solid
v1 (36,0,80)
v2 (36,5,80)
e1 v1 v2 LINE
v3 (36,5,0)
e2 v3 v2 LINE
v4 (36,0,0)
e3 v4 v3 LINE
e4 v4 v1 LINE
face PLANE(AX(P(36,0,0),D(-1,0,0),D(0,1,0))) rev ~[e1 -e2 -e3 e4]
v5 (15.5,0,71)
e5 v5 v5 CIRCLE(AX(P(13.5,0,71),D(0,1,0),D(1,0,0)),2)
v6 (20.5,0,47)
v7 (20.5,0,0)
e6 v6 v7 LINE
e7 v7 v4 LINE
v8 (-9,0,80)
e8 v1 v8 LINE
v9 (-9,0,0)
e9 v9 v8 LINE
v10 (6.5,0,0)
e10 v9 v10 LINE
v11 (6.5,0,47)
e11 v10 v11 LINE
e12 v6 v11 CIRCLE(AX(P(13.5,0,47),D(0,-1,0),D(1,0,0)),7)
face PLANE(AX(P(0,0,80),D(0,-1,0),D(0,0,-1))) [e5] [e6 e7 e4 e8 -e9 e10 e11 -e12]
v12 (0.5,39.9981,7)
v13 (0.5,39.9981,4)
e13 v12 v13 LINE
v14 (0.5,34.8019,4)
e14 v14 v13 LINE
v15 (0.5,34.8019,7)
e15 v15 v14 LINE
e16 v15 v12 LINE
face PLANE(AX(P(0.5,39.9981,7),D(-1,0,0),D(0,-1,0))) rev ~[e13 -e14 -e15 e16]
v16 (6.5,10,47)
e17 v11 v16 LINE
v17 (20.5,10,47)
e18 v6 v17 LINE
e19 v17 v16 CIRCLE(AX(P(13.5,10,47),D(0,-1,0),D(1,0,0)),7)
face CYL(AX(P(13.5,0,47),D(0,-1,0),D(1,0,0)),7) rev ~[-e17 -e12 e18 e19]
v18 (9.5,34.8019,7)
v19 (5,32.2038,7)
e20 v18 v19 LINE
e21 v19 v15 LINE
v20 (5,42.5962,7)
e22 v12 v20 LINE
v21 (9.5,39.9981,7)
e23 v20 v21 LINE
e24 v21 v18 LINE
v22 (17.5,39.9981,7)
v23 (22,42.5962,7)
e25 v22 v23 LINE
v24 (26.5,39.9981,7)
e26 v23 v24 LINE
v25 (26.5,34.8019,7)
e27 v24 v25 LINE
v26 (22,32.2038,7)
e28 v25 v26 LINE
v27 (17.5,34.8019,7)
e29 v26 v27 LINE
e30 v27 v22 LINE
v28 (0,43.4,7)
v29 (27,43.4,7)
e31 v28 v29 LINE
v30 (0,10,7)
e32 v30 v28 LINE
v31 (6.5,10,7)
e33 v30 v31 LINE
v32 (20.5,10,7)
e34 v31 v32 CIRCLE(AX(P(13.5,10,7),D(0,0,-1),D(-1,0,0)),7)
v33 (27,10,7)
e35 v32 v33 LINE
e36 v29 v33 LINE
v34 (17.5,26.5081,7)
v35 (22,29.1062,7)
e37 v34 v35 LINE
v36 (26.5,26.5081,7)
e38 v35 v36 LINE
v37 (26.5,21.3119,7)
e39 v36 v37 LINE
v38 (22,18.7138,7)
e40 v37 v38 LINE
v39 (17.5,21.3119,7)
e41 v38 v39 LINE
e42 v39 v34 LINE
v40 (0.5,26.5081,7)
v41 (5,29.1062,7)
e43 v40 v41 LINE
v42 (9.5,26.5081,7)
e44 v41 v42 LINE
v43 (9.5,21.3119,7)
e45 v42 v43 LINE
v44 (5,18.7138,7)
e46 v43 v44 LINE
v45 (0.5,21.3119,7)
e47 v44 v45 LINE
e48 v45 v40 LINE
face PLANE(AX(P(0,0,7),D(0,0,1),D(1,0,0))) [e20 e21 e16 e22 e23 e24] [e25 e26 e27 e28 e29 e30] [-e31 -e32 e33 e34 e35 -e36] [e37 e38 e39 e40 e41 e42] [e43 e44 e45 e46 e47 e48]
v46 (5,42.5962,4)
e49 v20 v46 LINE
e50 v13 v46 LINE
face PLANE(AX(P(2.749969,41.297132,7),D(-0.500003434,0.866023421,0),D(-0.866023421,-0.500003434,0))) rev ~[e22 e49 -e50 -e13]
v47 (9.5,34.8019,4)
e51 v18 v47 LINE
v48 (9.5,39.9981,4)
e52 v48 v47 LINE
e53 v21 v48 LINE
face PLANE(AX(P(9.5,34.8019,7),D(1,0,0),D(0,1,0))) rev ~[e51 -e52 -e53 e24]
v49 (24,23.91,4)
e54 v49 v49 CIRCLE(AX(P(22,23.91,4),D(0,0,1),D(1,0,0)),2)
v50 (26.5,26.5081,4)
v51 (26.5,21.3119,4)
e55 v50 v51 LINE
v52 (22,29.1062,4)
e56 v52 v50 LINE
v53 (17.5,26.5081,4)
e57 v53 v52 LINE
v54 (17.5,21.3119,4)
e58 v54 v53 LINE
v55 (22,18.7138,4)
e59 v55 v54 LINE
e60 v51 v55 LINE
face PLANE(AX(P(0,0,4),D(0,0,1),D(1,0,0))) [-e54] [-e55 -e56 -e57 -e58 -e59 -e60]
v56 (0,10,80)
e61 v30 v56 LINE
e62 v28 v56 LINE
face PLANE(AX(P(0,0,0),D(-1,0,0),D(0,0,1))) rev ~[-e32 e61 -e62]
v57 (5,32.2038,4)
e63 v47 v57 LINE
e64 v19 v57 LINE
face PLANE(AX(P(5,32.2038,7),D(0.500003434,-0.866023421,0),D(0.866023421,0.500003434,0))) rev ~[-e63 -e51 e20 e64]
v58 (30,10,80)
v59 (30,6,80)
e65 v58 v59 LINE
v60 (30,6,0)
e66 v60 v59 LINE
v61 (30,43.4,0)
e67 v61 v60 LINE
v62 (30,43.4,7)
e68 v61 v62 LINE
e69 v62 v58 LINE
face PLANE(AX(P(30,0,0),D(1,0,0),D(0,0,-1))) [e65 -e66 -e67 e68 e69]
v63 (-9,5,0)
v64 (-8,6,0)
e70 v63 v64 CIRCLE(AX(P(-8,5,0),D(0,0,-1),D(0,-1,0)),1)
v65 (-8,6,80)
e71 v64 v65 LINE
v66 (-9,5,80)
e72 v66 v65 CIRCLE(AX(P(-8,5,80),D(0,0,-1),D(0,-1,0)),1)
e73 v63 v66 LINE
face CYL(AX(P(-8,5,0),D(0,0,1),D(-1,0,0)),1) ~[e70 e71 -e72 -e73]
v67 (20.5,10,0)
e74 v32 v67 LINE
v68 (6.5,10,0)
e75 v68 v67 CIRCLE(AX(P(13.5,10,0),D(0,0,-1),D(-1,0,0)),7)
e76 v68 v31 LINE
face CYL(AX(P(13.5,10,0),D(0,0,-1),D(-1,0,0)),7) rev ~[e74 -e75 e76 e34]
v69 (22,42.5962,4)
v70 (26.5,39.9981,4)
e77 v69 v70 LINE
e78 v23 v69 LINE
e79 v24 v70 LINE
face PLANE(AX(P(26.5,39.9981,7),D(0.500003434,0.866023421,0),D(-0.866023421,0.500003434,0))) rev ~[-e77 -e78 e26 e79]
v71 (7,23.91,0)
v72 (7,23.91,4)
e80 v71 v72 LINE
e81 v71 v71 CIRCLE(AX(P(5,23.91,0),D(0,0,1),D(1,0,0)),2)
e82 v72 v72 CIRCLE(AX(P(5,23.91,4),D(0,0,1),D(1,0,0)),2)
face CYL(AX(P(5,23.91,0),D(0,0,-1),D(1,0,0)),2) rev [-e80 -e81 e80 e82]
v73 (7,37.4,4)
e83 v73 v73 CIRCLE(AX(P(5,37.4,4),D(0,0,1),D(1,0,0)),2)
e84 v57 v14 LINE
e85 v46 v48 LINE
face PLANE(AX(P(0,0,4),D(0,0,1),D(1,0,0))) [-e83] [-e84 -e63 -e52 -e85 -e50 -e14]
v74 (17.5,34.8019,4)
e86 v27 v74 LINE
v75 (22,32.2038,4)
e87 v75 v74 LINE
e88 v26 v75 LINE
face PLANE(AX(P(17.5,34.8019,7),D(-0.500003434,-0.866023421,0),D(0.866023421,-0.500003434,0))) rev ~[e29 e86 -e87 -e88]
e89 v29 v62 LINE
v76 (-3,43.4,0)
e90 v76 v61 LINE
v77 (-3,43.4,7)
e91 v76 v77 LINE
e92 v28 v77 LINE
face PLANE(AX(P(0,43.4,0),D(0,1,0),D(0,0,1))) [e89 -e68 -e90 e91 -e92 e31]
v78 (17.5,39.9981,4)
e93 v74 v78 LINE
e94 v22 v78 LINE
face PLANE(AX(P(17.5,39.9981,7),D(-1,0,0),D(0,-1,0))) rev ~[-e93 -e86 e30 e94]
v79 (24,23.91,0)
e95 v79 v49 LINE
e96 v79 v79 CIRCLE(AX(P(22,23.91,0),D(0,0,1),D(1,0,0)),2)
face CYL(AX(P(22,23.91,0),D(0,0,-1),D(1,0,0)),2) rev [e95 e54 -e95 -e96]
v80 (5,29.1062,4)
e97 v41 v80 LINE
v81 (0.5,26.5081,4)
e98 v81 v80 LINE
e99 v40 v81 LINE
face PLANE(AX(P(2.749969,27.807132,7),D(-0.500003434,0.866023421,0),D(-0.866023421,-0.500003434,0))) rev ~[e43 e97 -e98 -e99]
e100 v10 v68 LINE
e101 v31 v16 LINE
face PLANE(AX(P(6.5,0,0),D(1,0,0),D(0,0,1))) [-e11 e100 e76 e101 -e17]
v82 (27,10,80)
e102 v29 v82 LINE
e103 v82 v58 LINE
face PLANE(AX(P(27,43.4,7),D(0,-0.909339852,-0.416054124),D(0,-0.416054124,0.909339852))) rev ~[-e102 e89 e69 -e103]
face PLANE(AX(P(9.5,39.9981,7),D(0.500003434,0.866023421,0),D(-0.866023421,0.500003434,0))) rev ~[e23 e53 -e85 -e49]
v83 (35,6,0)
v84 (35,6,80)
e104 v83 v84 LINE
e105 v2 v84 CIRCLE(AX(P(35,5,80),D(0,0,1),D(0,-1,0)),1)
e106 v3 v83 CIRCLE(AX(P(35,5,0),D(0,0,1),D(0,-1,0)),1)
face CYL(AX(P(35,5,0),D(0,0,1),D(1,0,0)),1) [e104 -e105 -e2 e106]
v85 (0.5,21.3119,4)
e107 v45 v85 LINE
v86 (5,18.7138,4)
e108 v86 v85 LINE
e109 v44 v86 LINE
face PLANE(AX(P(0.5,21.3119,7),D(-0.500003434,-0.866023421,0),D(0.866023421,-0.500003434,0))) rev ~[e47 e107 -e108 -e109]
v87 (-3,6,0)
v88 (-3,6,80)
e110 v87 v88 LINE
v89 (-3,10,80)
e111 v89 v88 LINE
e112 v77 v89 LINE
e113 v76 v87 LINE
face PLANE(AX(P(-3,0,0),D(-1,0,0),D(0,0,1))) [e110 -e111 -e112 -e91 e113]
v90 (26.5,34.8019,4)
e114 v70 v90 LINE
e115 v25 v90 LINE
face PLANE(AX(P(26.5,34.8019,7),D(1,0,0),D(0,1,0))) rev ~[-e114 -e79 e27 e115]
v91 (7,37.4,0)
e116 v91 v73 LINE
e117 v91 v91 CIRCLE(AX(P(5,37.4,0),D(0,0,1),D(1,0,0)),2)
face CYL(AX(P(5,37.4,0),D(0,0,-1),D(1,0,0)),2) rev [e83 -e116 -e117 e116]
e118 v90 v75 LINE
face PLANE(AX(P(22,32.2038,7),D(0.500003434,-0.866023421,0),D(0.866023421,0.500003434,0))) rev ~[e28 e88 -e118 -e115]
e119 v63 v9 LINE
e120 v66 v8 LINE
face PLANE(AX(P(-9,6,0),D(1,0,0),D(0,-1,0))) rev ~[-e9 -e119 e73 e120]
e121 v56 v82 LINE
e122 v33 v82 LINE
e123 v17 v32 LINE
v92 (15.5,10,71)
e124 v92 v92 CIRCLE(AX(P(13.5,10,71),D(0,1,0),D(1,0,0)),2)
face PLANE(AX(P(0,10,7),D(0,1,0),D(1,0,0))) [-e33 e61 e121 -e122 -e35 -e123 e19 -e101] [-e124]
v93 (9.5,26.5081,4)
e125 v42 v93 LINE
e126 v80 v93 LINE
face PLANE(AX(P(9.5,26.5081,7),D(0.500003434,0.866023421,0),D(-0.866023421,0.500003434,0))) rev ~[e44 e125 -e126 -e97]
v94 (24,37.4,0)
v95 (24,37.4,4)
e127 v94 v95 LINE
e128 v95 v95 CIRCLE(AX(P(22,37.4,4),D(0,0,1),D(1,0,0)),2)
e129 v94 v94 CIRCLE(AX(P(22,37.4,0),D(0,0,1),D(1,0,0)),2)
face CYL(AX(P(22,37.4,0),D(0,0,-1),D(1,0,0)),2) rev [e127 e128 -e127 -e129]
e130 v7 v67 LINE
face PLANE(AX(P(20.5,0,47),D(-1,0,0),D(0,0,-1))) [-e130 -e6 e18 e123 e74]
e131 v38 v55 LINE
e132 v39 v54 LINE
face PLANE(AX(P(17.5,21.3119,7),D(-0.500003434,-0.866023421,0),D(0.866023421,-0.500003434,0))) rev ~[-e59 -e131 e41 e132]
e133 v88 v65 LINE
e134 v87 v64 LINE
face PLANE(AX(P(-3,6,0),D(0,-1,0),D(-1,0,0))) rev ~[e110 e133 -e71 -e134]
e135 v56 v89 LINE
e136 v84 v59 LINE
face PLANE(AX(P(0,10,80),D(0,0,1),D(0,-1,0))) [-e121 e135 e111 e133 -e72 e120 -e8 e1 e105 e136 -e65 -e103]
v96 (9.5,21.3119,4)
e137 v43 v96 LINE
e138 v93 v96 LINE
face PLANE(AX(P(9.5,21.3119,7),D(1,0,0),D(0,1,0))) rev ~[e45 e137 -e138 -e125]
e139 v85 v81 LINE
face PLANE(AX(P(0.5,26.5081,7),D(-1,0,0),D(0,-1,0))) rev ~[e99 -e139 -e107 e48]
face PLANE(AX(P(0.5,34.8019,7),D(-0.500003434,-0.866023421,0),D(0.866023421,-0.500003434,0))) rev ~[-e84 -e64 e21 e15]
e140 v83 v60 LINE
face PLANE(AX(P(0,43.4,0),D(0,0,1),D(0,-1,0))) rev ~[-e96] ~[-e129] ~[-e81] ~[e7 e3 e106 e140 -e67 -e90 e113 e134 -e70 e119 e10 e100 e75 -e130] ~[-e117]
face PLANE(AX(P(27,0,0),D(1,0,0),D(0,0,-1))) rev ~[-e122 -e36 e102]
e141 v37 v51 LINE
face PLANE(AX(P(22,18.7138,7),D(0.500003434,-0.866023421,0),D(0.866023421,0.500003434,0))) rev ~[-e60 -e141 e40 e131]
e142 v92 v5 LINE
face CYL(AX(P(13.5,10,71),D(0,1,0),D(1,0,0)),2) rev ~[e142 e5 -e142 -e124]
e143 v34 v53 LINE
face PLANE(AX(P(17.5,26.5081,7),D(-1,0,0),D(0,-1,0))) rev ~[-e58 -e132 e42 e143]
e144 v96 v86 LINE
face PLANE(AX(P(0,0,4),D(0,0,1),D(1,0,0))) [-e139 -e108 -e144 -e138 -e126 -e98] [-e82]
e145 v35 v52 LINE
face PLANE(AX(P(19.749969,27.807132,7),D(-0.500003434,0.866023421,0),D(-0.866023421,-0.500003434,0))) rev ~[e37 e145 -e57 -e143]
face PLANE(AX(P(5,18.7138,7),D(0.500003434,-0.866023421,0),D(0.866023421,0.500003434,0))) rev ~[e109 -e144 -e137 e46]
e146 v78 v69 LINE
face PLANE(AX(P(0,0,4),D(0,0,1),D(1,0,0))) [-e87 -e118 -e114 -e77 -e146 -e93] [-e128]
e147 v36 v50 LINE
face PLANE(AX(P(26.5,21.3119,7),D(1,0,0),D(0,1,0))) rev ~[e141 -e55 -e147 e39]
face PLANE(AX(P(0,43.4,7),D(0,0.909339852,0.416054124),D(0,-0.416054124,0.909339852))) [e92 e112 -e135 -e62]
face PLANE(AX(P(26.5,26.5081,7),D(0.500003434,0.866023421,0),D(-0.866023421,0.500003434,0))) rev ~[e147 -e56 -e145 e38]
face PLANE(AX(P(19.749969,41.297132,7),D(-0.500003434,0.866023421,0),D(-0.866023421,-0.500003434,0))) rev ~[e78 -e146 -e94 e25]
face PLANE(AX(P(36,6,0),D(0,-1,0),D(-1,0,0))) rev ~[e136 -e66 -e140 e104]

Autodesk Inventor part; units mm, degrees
ref_plane "YZ Plane" through (0, 0, 0) normal (1, 0, 0) x (0, 1, 0)
ref_plane "XZ Plane" through (0, 0, 0) normal (0, 1, 0) x (-1, 0, 0)
ref_plane "XY Plane" through (0, 0, 0) normal (0, 0, 1) x (1, 0, 0)
sketch "Sketch1" plane through (0, 0, 0) normal (0, 0, 1) x (1, 0, 0)
  line L0 (0, 43.4) -> (27, 43.4)
  line L1 (27, 43.4) -> (27, 0)
  line L2 (27, 0) -> (0, 0)
  line L3 (0, 0) -> (0, 43.4)
  circle A0 centre (5, 37.4) radius 2
  circle A1 centre (22, 37.4) radius 2
  circle A2 centre (5, 23.91) radius 2
  circle A3 centre (22, 23.91) radius 2
  dimension "d0" = 27
  dimension "d1" = 43.4
  dimension "d2" = 4
  dimension "d3" = 6
  dimension "d4" = 6
  dimension "d5" = 5
  dimension "d6" = 5
  dimension "d7" = 5
  dimension "d8" = 5
  dimension "d61" = 13.49
  dimension "d62" = 13.49
extrude "Extrusion1" add sketch "Sketch1" along normal blind 7
sketch "Sketch2" plane through (0, 0, 7) normal (0, 0, 1) x (1, 0, 0)
  line L0 (0, 10) -> (27, 10)
  line L1 (27, 10) -> (27, 0)
  line L2 (27, 0) -> (0, 0)
  line L3 (0, 0) -> (0, 10)
  line L4 (0, 0) -> (27, 0) projected
  line L5 (0, 43.4) -> (0, 0) projected
  line L6 (27, 0) -> (27, 43.4) projected
  dimension "d13" = 10
extrude "Extrusion2" add sketch "Sketch2" along normal blind 73
sketch "Sketch3" plane through (0, 0, 7) normal (0, 0, 1) x (1, 0, 0)
  line L0 (0.5, 39.9981) -> (0.5, 34.8019)
  line L1 (0.5, 34.8019) -> (5, 32.2038)
  line L2 (5, 32.2038) -> (9.5, 34.8019)
  line L3 (9.5, 34.8019) -> (9.5, 39.9981)
  line L4 (9.5, 39.9981) -> (5, 42.5962)
  line L5 (5, 42.5962) -> (0.5, 39.9981)
  circle A0 centre (5, 37.4) radius 4.5
  circle A1 centre (5, 37.4) radius 2 projected
  line L6 (17.5, 39.9981) -> (17.5, 34.8019)
  line L7 (17.5, 34.8019) -> (22, 32.2038)
  line L8 (22, 32.2038) -> (26.5, 34.8019)
  line L9 (26.5, 34.8019) -> (26.5, 39.9981)
  line L10 (26.5, 39.9981) -> (22, 42.5962)
  line L11 (22, 42.5962) -> (17.5, 39.9981)
  circle A2 centre (22, 37.4) radius 4.5
  line L12 (17.5, 26.5081) -> (17.5, 21.3119)
  line L13 (17.5, 21.3119) -> (22, 18.7138)
  line L14 (22, 18.7138) -> (26.5, 21.3119)
  line L15 (26.5, 21.3119) -> (26.5, 26.5081)
  line L16 (26.5, 26.5081) -> (22, 29.1062)
  line L17 (22, 29.1062) -> (17.5, 26.5081)
  circle A3 centre (22, 23.91) radius 4.5
  line L18 (0.5, 26.5081) -> (0.5, 21.3119)
  line L19 (0.5, 21.3119) -> (5, 18.7138)
  line L20 (5, 18.7138) -> (9.5, 21.3119)
  line L21 (9.5, 21.3119) -> (9.5, 26.5081)
  line L22 (9.5, 26.5081) -> (5, 29.1062)
  line L23 (5, 29.1062) -> (0.5, 26.5081)
  circle A4 centre (5, 23.91) radius 4.5
  circle A5 centre (22, 37.4) radius 2 projected
  circle A6 centre (22, 23.91) radius 2 projected
  circle A7 centre (5, 23.91) radius 2 projected
  point P0 (0, 0)
  dimension "d16" = 120
  dimension "d17" = 120
  dimension "d18" = 9
  dimension "d19" = 120
  dimension "d20" = 120
  dimension "d21" = 9
  dimension "d22" = 120
  dimension "d23" = 120
  dimension "d24" = 9
  dimension "d25" = 120
  dimension "d26" = 120
  dimension "d27" = 9
extrude "Extrusion3" cut sketch "Sketch3" against normal blind 3 contours L5 A0 L0 | A0 L1 L0 | A0 | L5 L4 A0 | A0 L2 L1 | L4 L3 A0 | A0 L3 L2 | A1 | L11 A2 L6 | A2 L7 L6 | A2 | L11 L10 A2 | A2 L8 L7 | L10 L9 A2 | A2 L9 L8 | L17 A3 L12 | A3 L13 L12 | A3 | L17 L16 A3 | A3 L14 L13 | L16 L15 A3 | A3 L15 L14 | L23 A4 L18 | A4 L19 L18 | A4 | L23 L22 A4 | A4 L20 L19 | L22 L21 A4 | A4 L21 L20 | A5 | A6 | A7
sketch "Sketch4" plane through (27, 0, 0) normal (1, 0, 0) x (0, 0, -1)
  line L0 (-80, 10) -> (-80, 0) projected
  line L1 (-7, 43.4) -> (-80, 10)
  line L2 (-80, 10) -> (-80, 0)
  line L3 (0, 43.4) -> (0, 0) projected
  line L4 (-80, 0) -> (0, 0)
  line L5 (0, 0) -> (0, 43.4)
  line L6 (0, 43.4) -> (-7, 43.4) projected
  line L7 (0, 43.4) -> (-7, 43.4)
extrude "Extrusion4" add sketch "Sketch4" along normal blind 3
sketch "Sketch5" plane through (0, 0, 0) normal (-1, 0, 0) x (0, 0, 1)
  line L0 (80, 0) -> (0, 0) projected
  line L1 (80, 10) -> (80, 0) projected
  line L2 (80, 0) -> (80, 10)
  line L3 (7, 43.4) -> (80, 10) projected
  line L4 (80, 10) -> (7, 43.4)
  line L5 (0, 43.4) -> (7, 43.4) projected
  line L6 (7, 43.4) -> (0, 43.4)
  line L7 (0, 43.4) -> (0, 0) projected
  line L8 (0, 43.4) -> (0, 0)
  line L9 (0, 0) -> (80, 0)
extrude "Extrusion5" add sketch "Sketch5" along normal blind 3
sketch "Sketch6" plane through (27, 10, 80) normal (0, 1, 0) x (1, 0, 0)
  circle A0 centre (-13.5, 9) radius 2
  line L0 (-27, 0) -> (-27, 73) projected
  line L1 (0, 0) -> (-27, 0) projected
  line L2 (-30, 80) -> (3, 80) projected
  point P0 (-27, 80)
  dimension "d34" = 4
  dimension "d35" = 13.5
  dimension "d45" = 71
extrude "Extrusion6" cut sketch "Sketch6" against normal blind 74
sketch "Sketch7" plane through (30, 0, 0) normal (0, -1, 0) x (1, 0, 0)
  line L0 (-9.5, 47) -> (-9.5, 0)
  line L1 (-9.5, 0) -> (-23.5, 0)
  line L2 (-23.5, 0) -> (-23.5, 47)
  line L3 (0, 80) -> (0, 0) projected
  line L4 (-33, 0) -> (-33, 80) projected
  line L5 (-33, 0) -> (0, 0) projected
  arc A0 (-9.5, 47) -> (-23.5, 47) centre (-16.5, 47) ccw
  point P0 (-30, 0)
  dimension "d39" = 33
  dimension "d40" = 14
  dimension "d41" = 9.5
  dimension "d42" = 47
extrude "Extrusion7" cut sketch "Sketch7" against normal blind 10
sketch "Sketch8" plane through (0, 0, 0) normal (0, 0, -1) x (-1, 0, 0)
  line L0 (-27, 10) -> (0, 10) projected
  circle A0 centre (-13.5, 10) radius 7
  point P0 (0, 0)
  point P1 (-6.5, 10)
  point P2 (-20.5, 10)
extrude "Extrusion8" cut sketch "Sketch8" against normal blind 74 contours A0 L0 picked at (-15.8333, 12.1687)
sketch "Sketch10" plane through (0, 0, 0) normal (0, 0, -1) x (-1, 0, 0)
  line L0 (3, 6) -> (9, 6)
  line L1 (9, 6) -> (9, 0)
  line L2 (9, 0) -> (3, 0)
  line L3 (3, 0) -> (3, 6)
  line L4 (3, 0) -> (-6.5, 0) projected
  line L5 (3, 43.4) -> (3, 0) projected
  line L6 (-36, 6) -> (-30, 6)
  line L7 (-30, 6) -> (-30, 0)
  line L8 (-30, 0) -> (-36, 0)
  line L9 (-36, 0) -> (-36, 6)
  point P0 (0, 0)
  point P1 (-30, 0)
  dimension "d56" = 6
  dimension "d57" = 6
extrude "Extrusion10" add sketch "Sketch10" against normal up to surface (80 mm away)
fillet "Fillet1" radius 1 2 edges at (-9, 6, 40) (36, 6, 40)
properties part number "1322_Clamp Holder_V1" material "Acetal Resin, White"
